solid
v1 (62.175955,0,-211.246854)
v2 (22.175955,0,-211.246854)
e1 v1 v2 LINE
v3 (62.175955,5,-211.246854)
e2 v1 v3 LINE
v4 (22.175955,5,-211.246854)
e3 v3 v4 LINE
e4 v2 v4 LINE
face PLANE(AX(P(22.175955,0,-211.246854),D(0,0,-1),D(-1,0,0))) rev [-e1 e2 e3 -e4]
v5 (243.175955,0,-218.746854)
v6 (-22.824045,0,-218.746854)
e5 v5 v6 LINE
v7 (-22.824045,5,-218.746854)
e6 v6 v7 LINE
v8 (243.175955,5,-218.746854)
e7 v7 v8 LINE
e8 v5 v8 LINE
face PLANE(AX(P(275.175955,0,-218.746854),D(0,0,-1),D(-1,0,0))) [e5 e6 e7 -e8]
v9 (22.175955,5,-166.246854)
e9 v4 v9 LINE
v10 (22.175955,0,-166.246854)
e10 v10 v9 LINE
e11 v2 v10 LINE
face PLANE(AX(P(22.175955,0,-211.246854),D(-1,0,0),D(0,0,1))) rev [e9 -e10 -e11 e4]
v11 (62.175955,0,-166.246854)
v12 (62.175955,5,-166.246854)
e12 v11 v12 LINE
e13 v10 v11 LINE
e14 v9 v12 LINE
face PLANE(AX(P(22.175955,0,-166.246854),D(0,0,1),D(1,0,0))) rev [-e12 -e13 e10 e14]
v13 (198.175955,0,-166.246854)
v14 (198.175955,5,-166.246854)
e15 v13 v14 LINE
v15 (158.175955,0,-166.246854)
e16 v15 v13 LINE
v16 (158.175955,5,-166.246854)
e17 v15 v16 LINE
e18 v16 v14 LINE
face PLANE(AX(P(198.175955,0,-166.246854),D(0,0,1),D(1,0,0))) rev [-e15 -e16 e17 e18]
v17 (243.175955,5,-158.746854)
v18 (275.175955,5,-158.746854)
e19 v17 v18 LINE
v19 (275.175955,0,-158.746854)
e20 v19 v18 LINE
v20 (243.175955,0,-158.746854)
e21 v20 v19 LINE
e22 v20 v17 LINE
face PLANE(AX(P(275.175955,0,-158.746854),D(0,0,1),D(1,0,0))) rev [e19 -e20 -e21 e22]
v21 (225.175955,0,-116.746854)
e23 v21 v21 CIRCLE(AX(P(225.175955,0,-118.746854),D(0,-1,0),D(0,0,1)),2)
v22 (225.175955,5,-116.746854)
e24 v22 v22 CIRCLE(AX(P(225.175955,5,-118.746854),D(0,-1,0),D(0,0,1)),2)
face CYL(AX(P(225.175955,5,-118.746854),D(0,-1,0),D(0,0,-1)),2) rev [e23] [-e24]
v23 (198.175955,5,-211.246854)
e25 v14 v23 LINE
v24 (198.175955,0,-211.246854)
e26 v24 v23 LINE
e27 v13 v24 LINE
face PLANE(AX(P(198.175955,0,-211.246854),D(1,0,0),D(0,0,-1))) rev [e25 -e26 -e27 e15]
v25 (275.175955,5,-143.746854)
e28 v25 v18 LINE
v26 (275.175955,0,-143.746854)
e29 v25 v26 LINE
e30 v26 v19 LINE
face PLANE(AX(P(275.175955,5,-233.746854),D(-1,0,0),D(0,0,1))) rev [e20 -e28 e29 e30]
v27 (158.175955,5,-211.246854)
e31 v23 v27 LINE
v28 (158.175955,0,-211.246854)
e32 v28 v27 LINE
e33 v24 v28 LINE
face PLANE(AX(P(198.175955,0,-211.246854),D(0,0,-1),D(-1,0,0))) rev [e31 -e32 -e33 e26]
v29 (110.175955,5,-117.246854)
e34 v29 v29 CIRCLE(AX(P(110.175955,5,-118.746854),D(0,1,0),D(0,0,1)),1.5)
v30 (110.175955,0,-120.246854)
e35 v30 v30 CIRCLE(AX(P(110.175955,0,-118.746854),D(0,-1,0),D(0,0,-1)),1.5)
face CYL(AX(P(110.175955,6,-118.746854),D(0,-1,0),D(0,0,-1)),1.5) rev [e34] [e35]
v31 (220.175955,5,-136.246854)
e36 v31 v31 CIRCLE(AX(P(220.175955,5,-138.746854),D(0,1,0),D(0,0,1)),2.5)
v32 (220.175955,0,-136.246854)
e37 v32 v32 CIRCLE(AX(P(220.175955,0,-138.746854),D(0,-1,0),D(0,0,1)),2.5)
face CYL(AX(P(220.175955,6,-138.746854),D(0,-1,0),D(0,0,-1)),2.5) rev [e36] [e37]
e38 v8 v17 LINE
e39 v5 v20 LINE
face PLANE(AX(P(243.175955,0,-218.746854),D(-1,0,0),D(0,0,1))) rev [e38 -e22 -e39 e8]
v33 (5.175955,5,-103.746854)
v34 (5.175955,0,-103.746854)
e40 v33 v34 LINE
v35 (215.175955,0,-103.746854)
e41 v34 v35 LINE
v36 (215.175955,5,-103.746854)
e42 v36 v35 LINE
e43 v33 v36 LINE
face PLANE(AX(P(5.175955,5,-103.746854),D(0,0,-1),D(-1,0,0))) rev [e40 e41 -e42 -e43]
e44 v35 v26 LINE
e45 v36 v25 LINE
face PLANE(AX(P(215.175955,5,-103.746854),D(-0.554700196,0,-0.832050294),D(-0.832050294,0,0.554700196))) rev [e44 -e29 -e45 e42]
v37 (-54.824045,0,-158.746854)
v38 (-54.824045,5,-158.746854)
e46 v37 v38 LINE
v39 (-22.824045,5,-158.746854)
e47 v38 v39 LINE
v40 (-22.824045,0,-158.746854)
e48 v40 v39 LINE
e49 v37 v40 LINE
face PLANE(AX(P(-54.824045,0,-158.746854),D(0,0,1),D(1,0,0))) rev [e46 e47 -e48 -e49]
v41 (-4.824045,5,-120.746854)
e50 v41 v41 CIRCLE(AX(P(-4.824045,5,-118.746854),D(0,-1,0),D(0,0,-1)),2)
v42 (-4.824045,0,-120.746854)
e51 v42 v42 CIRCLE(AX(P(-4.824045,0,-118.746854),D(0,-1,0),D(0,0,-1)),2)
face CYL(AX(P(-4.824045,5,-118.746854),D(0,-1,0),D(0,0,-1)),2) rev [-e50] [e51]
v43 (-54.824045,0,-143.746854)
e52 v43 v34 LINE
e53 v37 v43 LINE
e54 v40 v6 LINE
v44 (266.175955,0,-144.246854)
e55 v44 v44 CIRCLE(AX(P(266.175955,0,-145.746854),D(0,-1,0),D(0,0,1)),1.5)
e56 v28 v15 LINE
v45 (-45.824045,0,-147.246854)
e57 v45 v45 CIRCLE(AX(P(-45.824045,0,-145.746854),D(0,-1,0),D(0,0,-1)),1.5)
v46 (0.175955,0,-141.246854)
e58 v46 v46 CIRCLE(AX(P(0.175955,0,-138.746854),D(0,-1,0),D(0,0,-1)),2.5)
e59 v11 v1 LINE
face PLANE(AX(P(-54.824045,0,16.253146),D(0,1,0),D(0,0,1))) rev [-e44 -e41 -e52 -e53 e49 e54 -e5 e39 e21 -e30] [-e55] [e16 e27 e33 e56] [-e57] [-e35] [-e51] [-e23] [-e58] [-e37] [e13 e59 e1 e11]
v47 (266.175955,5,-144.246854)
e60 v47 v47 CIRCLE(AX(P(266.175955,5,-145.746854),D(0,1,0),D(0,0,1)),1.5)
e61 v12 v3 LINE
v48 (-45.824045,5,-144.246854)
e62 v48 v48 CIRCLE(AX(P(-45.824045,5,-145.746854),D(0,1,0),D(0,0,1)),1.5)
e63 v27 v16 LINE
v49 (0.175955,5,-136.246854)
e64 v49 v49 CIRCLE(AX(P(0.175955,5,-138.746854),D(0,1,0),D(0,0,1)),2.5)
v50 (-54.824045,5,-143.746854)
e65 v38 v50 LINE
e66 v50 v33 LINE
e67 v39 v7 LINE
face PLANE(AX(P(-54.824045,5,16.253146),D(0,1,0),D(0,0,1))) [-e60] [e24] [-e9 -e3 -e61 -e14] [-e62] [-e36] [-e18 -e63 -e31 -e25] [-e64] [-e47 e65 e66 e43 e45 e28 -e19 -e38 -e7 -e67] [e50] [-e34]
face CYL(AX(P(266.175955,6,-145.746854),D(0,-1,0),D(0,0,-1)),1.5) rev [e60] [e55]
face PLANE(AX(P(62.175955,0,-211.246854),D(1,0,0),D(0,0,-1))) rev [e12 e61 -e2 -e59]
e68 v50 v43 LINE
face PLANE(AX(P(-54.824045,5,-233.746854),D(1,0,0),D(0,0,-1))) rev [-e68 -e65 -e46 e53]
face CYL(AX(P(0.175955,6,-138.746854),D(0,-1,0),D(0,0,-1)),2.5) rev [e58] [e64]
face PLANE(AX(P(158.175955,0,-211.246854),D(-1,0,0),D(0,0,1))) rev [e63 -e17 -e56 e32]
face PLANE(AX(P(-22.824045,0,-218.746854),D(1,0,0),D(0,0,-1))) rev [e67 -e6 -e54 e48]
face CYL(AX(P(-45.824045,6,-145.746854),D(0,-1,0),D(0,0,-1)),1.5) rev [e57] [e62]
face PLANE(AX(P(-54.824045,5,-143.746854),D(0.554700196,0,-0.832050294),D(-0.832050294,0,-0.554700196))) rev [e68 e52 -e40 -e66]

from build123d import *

# Parameters (mm, degrees)
ESQUISSE1_W             = 330
ESQUISSE1_H             = 250
EXTRUSION1_DEPTH        = 5
ESQUISSE2_W             = 32
ESQUISSE2_H             = 60
ENL_V_MAT_EXTRU_1_DEPTH = 362.087798138
ESQUISSE4_W             = 40
ESQUISSE4_H             = 45
ENL_V_MAT_EXTRU_2_DEPTH = 362.087798138
CHANFREIN1_SIZE         = 15
ESQUISSE5_W             = 330
ESQUISSE5_H             = 5
ENL_V_MAT_EXTRU_3_DEPTH = 15
ENL_V_MAT_EXTRU_5_DEPTH = 352.563639113
ESQUISSE9_R             = 17.5
ENL_V_MAT_EXTRU_6_DEPTH = 352.563639255
SKETCH1_R               = 2
EXTRUDE1_DEPTH          = 5
ESQUISSE10_R            = 2.5
ESQUISSE10_R_2          = 1.5
ENL_V_MAT_EXTRU_7_DEPTH = 6


with BuildPart() as part:
    # Esquisse1 → Extrusion1 (new body)
    with BuildSketch(Plane(origin=(0, 0, 0), x_dir=(1, 0, 0), z_dir=(0, 1, 0))):
        with Locations((110.175955056, 108.746853933)):
            Rectangle(ESQUISSE1_W, ESQUISSE1_H)
    extrude(amount=EXTRUSION1_DEPTH)

    # Esquisse2 → Enlèv. mat.-Extru.1 (cut, through all)
    with BuildSketch(Plane(origin=(0, 5, 0), x_dir=(-1, 0, 0), z_dir=(0, 1, 0))):
        with Locations((38.824044944, -188.746853933)):
            Rectangle(ESQUISSE2_W, ESQUISSE2_H)
        with Locations((-259.175955056, -188.746853933)):
            Rectangle(ESQUISSE2_W, ESQUISSE2_H)
    extrude(amount=-ENL_V_MAT_EXTRU_1_DEPTH, mode=Mode.SUBTRACT)

    # Esquisse4 → Enlèv. mat.-Extru.2 (cut, through all)
    with BuildSketch(Plane(origin=(0, 5, 0), x_dir=(-1, 0, 0), z_dir=(0, 1, 0))):
        with Locations((-178.175955056, -188.746853933)):
            Rectangle(ESQUISSE4_W, ESQUISSE4_H)
        with Locations((-42.175955056, -188.746853933)):
            Rectangle(ESQUISSE4_W, ESQUISSE4_H)
    extrude(amount=-ENL_V_MAT_EXTRU_2_DEPTH, mode=Mode.SUBTRACT)

    # Chanfrein1
    chanfrein1_edges = [part.edges().sort_by_distance(p)[0] for p in [
        (275.175955056, 2.5, 16.253146067),
        (-54.824044944, 2.5, 16.253146067),
    ]]
    chamfer(chanfrein1_edges, length=CHANFREIN1_SIZE)

    # Esquisse5 → Enlèv. mat.-Extru.3 (cut)
    with BuildSketch(Plane(origin=(0, 0, -233.746853933), x_dir=(-1, 0, 0), z_dir=(0, 0, -1))):
        with Locations((-110.175955056, 2.5)):
            Rectangle(ESQUISSE5_W, ESQUISSE5_H)
    extrude(amount=-ENL_V_MAT_EXTRU_3_DEPTH, mode=Mode.SUBTRACT)

    # Esquisse8 → Enlèv. mat.-Extru.5 (cut, through all)
    with BuildSketch(Plane(origin=(0, 5, 0), x_dir=(-1, 0, 0), z_dir=(0, 1, 0))):
        with BuildLine():
            Line((-129.175955056, -33.746853933), (-195.175955056, 16.253146067))
            Line((-195.175955056, 16.253146067), (-25.175955056, 16.253146067))
            Line((-25.175955056, 16.253146067), (-61.175955056, -33.746853933))
            add(Edge.make_bspline(
                [(-95.175955056, -83.746853933), (-72.555573237, -83.746853933), (-61.175955056, -53.90180921), (-61.175955056, -33.746853933)],
                knots=[0, 0, 0, 0, 1, 1, 1, 1], degree=3))
            add(Edge.make_bspline(
                [(-95.175955056, -83.746853933), (-117.796336875, -83.746853933), (-129.175955056, -53.90180921), (-129.175955056, -33.746853933)],
                knots=[0, 0, 0, 0, 1, 1, 1, 1], degree=3))
        make_face()
    extrude(amount=-ENL_V_MAT_EXTRU_5_DEPTH, mode=Mode.SUBTRACT)

    # Esquisse9 → Enlèv. mat.-Extru.6 (cut, through all)
    with BuildSketch(Plane(origin=(0, 5, 0), x_dir=(-1, 0, 0), z_dir=(0, 1, 0))):
        with Locations(Location((-205.175955056, -33.746853933, 0), (0, 0, 90))):
            Circle(ESQUISSE9_R)
        with Locations(Location((-15.175955056, -33.746853933, 0), (0, 0, 90))):
            Circle(ESQUISSE9_R)
    extrude(amount=-ENL_V_MAT_EXTRU_6_DEPTH, mode=Mode.SUBTRACT)

    # Sketch1 → Extrude1 (cut)
    with BuildSketch(Plane.XZ):
        with Locations(Location((-4.824044944, -118.746853933, 0), (0, 0, 270))):
            Circle(SKETCH1_R)
        with Locations(Location((225.175955056, -118.746853933, 0), (0, 0, 90))):
            Circle(SKETCH1_R)
        Polygon((-54.824044944, -143.746853933), (5.175955056, -103.746853933), (215.175955056, -103.746853933), (275.175955056, -143.746853933), (275.175955056, 16.253146067), (-54.824044944, 16.253146067), align=None)
    extrude(amount=-EXTRUDE1_DEPTH, mode=Mode.SUBTRACT)

    # Esquisse10 → Enlèv. mat.-Extru.7 (cut)
    with BuildSketch(Plane.XZ):
        with Locations(Location((0.175955056, -138.746853933, 0), (0, 0, 270))):
            Circle(ESQUISSE10_R)
        with Locations(Location((220.175955056, -138.746853933, 0), (0, 0, 90))):
            Circle(ESQUISSE10_R)
        with Locations(Location((-45.824044944, -145.746853933, 0), (0, 0, 270))):
            Circle(ESQUISSE10_R_2)
        with Locations(Location((266.175955056, -145.746853933, 0), (0, 0, 90))):
            Circle(ESQUISSE10_R_2)
        with Locations(Location((110.175955056, -118.746853933, 0), (0, 0, 270))):
            Circle(ESQUISSE10_R_2)
    extrude(amount=-ENL_V_MAT_EXTRU_7_DEPTH, mode=Mode.SUBTRACT)


solid = part.part
